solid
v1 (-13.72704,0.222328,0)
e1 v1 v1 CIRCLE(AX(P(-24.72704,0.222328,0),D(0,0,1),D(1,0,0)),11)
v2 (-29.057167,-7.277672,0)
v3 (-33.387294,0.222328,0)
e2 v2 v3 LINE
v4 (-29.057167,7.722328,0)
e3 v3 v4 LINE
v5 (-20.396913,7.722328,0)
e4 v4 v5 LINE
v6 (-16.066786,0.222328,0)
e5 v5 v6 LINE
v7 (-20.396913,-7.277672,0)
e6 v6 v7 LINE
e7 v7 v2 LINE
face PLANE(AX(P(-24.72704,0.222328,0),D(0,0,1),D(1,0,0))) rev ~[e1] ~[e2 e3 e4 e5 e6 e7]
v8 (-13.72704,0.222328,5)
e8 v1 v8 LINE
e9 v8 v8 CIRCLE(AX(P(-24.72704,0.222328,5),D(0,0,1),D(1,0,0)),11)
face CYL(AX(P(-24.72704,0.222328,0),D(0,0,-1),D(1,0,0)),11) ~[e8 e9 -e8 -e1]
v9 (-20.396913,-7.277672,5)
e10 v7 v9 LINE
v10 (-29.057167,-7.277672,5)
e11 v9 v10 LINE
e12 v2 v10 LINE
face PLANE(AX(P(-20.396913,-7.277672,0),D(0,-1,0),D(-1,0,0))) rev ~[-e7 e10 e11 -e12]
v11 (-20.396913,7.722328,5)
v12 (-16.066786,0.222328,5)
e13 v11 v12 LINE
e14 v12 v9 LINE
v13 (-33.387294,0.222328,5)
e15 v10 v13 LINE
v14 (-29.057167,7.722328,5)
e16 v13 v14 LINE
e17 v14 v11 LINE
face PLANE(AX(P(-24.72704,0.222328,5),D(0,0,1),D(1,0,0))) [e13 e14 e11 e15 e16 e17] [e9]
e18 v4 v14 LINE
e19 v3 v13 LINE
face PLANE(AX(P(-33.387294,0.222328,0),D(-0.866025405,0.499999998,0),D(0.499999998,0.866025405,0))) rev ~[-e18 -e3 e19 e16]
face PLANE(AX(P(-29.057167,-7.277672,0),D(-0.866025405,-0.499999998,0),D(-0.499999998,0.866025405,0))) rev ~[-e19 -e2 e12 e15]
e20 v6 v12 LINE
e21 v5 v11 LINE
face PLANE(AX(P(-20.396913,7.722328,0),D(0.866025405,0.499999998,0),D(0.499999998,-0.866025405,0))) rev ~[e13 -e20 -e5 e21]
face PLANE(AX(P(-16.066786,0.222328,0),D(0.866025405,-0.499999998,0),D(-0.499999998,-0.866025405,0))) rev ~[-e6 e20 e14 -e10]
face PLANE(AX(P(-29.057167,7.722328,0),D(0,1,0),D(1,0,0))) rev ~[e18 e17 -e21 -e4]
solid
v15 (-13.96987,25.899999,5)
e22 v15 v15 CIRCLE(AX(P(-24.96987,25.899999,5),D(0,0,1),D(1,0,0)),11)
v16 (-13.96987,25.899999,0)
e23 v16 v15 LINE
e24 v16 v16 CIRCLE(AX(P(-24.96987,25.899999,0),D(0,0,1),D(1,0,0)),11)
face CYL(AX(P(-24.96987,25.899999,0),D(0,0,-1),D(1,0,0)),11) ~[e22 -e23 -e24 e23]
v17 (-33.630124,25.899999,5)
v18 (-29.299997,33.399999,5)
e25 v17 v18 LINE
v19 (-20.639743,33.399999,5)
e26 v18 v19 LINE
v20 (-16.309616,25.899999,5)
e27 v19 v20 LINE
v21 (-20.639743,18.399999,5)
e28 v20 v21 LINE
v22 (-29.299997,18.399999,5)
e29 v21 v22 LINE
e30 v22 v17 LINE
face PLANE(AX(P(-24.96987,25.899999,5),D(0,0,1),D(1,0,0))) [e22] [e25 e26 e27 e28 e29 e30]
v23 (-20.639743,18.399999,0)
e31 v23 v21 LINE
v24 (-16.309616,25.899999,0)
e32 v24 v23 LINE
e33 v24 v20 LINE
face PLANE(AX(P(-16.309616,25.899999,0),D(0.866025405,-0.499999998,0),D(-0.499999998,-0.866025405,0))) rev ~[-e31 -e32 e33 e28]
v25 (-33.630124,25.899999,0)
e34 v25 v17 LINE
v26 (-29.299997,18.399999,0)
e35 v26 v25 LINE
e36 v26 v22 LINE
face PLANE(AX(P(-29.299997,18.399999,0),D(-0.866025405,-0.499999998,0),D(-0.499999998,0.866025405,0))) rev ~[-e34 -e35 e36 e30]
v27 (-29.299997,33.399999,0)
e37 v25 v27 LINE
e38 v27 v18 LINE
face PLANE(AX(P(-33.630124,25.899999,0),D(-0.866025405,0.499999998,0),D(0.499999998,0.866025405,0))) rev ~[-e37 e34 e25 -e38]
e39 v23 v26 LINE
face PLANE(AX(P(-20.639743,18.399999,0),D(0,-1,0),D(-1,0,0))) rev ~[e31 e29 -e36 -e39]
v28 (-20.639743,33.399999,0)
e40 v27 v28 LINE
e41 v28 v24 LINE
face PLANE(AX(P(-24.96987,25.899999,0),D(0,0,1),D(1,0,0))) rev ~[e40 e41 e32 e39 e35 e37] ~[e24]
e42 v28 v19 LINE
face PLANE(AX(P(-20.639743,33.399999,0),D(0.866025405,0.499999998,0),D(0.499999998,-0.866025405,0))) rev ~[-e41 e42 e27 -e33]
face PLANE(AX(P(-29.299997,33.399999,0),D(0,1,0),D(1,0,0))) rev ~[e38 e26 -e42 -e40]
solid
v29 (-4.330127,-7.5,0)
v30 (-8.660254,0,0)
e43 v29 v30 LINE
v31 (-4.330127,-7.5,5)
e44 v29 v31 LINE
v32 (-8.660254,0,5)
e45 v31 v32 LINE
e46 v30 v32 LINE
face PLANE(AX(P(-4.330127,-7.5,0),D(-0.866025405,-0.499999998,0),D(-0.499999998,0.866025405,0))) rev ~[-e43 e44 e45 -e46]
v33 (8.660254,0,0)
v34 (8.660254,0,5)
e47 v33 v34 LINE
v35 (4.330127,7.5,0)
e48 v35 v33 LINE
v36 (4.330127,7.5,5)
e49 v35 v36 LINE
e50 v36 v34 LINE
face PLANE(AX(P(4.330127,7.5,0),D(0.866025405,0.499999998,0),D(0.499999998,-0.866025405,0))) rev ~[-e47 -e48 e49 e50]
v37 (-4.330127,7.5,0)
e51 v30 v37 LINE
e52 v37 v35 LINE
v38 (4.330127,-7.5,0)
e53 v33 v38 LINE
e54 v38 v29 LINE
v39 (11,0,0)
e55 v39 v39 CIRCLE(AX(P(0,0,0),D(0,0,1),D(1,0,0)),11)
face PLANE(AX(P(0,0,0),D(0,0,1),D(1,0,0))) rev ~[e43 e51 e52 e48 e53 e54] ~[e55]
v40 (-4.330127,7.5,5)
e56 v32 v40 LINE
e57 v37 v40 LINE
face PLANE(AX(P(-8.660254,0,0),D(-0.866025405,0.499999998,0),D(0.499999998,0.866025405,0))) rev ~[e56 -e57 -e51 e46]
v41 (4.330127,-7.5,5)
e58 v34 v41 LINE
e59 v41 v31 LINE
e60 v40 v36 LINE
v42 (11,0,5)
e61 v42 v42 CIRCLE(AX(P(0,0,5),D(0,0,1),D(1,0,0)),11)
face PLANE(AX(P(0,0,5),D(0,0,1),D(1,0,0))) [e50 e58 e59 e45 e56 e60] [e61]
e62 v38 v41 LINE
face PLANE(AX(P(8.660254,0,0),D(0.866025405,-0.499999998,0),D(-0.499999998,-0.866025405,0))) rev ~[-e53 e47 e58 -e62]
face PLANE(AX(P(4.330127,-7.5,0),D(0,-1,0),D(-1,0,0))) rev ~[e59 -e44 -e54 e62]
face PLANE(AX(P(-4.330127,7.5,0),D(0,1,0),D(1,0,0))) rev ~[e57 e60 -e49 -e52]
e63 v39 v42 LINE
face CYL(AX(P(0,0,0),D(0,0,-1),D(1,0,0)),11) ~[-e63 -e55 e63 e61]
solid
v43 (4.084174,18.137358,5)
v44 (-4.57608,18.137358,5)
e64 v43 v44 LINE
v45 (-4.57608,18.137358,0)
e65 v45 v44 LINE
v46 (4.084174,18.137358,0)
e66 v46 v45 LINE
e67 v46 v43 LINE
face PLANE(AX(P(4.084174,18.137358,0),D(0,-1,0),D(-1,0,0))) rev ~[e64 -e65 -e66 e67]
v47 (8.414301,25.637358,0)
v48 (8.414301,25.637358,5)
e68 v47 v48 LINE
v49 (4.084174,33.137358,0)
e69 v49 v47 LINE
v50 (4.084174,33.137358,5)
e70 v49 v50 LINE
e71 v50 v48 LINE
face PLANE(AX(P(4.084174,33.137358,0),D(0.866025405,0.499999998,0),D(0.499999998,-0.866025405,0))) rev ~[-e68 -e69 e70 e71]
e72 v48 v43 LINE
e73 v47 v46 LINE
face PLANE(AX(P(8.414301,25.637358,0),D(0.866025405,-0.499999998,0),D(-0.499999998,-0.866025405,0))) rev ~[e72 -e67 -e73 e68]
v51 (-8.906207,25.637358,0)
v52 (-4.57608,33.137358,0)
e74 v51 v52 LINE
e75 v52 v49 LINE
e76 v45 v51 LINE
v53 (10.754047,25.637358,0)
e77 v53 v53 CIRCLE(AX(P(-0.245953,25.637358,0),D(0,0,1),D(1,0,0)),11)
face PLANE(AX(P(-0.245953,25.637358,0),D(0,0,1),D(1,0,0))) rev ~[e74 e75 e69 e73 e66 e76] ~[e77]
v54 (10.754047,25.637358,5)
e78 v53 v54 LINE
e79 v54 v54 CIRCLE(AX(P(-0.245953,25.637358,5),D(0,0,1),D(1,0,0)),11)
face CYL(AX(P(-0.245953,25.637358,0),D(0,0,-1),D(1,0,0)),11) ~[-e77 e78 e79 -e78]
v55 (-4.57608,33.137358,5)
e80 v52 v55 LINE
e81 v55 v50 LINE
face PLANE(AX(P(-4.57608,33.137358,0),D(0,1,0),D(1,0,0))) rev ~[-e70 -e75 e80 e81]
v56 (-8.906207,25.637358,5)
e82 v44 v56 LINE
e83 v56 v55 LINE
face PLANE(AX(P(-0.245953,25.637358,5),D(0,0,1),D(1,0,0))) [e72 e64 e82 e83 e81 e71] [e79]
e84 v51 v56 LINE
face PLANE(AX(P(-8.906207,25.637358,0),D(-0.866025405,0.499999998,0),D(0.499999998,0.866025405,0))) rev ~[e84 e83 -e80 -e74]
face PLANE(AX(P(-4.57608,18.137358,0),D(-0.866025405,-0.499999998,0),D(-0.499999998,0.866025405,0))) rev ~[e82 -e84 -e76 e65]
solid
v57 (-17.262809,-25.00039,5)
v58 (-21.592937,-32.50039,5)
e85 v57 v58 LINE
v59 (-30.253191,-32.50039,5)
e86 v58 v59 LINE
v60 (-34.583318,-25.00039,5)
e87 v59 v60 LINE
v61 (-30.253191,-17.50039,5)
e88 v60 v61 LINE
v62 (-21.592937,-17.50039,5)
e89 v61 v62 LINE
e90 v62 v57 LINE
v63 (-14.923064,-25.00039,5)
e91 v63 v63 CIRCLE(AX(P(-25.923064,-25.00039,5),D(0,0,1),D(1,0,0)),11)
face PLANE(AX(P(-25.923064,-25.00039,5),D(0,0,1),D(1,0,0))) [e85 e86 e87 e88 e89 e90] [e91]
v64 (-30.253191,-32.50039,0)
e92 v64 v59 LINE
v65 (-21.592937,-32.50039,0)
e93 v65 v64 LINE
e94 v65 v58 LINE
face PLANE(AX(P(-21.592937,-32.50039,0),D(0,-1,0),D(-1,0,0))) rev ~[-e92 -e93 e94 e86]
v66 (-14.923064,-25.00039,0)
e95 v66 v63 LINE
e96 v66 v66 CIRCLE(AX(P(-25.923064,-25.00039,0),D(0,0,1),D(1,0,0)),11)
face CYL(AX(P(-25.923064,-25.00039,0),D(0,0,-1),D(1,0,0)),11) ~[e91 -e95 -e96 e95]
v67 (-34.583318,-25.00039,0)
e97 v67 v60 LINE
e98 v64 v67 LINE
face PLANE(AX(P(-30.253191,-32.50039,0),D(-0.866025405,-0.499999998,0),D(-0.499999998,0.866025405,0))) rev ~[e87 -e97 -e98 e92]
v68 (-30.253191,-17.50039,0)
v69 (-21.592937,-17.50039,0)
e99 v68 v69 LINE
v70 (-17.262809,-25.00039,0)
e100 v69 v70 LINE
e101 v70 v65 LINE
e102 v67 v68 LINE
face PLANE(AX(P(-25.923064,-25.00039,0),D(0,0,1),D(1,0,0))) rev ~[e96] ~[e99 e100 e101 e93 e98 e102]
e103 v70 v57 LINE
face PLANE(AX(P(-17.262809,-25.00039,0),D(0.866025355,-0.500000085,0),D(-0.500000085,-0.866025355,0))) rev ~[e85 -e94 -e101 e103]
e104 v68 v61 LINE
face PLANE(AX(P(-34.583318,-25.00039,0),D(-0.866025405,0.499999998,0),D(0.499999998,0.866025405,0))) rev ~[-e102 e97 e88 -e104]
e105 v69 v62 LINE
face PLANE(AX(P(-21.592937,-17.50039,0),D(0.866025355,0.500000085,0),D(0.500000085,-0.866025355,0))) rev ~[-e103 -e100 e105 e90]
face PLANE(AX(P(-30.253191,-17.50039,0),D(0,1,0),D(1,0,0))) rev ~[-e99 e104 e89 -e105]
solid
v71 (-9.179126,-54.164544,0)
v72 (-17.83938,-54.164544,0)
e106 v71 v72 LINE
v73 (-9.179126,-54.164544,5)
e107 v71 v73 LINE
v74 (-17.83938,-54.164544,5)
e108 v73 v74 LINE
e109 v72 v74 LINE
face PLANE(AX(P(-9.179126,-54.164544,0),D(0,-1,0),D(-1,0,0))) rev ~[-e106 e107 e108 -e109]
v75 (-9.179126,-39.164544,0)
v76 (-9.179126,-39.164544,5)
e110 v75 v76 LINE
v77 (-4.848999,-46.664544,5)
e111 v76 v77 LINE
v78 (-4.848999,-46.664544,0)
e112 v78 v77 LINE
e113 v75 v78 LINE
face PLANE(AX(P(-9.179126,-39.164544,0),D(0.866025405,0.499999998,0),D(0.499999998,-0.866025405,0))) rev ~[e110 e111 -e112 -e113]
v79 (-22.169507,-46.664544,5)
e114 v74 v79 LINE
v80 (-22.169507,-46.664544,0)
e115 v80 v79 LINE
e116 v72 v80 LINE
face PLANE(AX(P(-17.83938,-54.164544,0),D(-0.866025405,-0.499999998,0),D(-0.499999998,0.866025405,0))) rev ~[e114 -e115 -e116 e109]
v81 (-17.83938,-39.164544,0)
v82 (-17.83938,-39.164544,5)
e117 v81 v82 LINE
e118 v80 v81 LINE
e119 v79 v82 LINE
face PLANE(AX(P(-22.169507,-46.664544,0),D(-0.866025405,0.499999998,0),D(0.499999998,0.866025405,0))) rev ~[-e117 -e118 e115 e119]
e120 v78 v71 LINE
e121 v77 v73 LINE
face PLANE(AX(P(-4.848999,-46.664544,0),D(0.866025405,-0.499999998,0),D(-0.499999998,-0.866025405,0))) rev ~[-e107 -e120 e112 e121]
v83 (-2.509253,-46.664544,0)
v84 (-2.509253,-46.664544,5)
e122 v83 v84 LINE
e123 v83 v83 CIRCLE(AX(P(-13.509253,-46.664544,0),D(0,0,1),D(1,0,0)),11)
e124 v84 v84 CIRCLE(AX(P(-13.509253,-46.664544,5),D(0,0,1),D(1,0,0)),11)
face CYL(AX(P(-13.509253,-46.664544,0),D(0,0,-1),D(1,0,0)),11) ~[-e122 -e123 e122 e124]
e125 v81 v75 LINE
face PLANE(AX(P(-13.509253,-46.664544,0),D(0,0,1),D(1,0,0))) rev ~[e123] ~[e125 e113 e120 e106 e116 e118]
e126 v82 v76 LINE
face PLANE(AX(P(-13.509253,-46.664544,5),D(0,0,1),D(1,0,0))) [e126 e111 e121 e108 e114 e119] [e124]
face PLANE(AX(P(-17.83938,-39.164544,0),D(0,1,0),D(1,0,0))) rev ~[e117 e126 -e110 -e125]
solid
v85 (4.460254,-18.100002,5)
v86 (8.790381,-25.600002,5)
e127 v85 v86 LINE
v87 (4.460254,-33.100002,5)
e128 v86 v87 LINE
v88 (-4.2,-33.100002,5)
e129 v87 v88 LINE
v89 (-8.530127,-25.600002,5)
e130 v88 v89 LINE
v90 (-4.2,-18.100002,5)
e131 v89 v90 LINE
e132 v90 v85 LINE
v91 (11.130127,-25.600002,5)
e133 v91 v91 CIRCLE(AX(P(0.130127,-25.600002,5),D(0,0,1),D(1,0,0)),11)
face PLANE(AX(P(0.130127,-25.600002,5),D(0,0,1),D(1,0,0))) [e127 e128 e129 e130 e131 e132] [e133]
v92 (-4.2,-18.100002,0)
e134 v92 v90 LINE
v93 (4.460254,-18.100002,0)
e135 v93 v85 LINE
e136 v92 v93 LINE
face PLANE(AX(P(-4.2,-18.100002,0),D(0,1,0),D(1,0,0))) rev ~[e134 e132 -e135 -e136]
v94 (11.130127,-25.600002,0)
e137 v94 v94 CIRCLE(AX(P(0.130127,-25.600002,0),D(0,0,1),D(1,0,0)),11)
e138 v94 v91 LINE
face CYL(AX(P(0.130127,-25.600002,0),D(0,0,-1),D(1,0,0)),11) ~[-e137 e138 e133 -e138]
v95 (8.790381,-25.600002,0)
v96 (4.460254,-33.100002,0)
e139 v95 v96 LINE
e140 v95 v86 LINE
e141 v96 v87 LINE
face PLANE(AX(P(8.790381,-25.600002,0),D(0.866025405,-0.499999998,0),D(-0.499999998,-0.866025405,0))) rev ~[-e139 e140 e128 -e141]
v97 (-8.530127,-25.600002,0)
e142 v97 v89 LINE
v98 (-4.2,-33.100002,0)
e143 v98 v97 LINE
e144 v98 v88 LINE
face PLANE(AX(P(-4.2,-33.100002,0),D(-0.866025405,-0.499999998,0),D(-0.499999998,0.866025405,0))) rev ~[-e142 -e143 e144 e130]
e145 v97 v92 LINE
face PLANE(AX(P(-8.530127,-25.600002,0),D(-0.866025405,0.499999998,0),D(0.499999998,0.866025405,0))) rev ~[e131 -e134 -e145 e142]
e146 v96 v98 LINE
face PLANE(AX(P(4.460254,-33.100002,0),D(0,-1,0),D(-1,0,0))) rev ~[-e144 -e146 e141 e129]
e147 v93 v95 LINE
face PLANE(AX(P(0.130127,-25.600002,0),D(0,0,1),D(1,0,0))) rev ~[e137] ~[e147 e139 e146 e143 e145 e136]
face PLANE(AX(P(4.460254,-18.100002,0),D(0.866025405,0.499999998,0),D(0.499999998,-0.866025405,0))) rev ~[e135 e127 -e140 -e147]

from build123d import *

# Parameters (mm, degrees)
F0_R     = 11
F1_DEPTH = 5


with BuildPart() as f1:
    # F0 (on Top) → F1 (new body)
    with BuildSketch(Plane.XY):
        Circle(F0_R)
        Polygon((-8.660254, 0), (-4.330127, 7.5), (4.330127, 7.5), (8.660254, 0), (4.330127, -7.5), (-4.330127, -7.5), align=None, mode=Mode.SUBTRACT)
        with Locations((-0.245953, 25.637358)):
            Circle(F0_R)
        Polygon((-8.906207, 25.637358), (-4.57608, 33.137358), (4.084174, 33.137358), (8.414301, 25.637358), (4.084174, 18.137358), (-4.57608, 18.137358), align=None, mode=Mode.SUBTRACT)
        with Locations((0.130127, -25.600002)):
            Circle(F0_R)
        Polygon((-8.530127, -25.600002), (-4.2, -18.100002), (4.460254, -18.100002), (8.790381, -25.600002), (4.460254, -33.100002), (-4.2, -33.100002), align=None, mode=Mode.SUBTRACT)
        with Locations((-24.96987, 25.899999)):
            Circle(F0_R)
        Polygon((-33.630124, 25.899999), (-29.299997, 33.399999), (-20.639743, 33.399999), (-16.309616, 25.899999), (-20.639743, 18.399999), (-29.299997, 18.399999), align=None, mode=Mode.SUBTRACT)
        with Locations((-24.72704, 0.222328)):
            Circle(F0_R)
        Polygon((-33.387294, 0.222328), (-29.057167, 7.722328), (-20.396913, 7.722328), (-16.066786, 0.222328), (-20.396913, -7.277672), (-29.057167, -7.277672), align=None, mode=Mode.SUBTRACT)
        with Locations((-25.923064, -25.00039)):
            Circle(F0_R)
        Polygon((-34.583318, -25.00039), (-30.253191, -17.50039), (-21.592937, -17.50039), (-17.262809, -25.00039), (-21.592937, -32.50039), (-30.253191, -32.50039), align=None, mode=Mode.SUBTRACT)
        with Locations((-13.509253, -46.664544)):
            Circle(F0_R)
        Polygon((-22.169507, -46.664544), (-17.83938, -39.164544), (-9.179126, -39.164544), (-4.848999, -46.664544), (-9.179126, -54.164544), (-17.83938, -54.164544), align=None, mode=Mode.SUBTRACT)
    extrude(amount=F1_DEPTH)


solid = f1.part
